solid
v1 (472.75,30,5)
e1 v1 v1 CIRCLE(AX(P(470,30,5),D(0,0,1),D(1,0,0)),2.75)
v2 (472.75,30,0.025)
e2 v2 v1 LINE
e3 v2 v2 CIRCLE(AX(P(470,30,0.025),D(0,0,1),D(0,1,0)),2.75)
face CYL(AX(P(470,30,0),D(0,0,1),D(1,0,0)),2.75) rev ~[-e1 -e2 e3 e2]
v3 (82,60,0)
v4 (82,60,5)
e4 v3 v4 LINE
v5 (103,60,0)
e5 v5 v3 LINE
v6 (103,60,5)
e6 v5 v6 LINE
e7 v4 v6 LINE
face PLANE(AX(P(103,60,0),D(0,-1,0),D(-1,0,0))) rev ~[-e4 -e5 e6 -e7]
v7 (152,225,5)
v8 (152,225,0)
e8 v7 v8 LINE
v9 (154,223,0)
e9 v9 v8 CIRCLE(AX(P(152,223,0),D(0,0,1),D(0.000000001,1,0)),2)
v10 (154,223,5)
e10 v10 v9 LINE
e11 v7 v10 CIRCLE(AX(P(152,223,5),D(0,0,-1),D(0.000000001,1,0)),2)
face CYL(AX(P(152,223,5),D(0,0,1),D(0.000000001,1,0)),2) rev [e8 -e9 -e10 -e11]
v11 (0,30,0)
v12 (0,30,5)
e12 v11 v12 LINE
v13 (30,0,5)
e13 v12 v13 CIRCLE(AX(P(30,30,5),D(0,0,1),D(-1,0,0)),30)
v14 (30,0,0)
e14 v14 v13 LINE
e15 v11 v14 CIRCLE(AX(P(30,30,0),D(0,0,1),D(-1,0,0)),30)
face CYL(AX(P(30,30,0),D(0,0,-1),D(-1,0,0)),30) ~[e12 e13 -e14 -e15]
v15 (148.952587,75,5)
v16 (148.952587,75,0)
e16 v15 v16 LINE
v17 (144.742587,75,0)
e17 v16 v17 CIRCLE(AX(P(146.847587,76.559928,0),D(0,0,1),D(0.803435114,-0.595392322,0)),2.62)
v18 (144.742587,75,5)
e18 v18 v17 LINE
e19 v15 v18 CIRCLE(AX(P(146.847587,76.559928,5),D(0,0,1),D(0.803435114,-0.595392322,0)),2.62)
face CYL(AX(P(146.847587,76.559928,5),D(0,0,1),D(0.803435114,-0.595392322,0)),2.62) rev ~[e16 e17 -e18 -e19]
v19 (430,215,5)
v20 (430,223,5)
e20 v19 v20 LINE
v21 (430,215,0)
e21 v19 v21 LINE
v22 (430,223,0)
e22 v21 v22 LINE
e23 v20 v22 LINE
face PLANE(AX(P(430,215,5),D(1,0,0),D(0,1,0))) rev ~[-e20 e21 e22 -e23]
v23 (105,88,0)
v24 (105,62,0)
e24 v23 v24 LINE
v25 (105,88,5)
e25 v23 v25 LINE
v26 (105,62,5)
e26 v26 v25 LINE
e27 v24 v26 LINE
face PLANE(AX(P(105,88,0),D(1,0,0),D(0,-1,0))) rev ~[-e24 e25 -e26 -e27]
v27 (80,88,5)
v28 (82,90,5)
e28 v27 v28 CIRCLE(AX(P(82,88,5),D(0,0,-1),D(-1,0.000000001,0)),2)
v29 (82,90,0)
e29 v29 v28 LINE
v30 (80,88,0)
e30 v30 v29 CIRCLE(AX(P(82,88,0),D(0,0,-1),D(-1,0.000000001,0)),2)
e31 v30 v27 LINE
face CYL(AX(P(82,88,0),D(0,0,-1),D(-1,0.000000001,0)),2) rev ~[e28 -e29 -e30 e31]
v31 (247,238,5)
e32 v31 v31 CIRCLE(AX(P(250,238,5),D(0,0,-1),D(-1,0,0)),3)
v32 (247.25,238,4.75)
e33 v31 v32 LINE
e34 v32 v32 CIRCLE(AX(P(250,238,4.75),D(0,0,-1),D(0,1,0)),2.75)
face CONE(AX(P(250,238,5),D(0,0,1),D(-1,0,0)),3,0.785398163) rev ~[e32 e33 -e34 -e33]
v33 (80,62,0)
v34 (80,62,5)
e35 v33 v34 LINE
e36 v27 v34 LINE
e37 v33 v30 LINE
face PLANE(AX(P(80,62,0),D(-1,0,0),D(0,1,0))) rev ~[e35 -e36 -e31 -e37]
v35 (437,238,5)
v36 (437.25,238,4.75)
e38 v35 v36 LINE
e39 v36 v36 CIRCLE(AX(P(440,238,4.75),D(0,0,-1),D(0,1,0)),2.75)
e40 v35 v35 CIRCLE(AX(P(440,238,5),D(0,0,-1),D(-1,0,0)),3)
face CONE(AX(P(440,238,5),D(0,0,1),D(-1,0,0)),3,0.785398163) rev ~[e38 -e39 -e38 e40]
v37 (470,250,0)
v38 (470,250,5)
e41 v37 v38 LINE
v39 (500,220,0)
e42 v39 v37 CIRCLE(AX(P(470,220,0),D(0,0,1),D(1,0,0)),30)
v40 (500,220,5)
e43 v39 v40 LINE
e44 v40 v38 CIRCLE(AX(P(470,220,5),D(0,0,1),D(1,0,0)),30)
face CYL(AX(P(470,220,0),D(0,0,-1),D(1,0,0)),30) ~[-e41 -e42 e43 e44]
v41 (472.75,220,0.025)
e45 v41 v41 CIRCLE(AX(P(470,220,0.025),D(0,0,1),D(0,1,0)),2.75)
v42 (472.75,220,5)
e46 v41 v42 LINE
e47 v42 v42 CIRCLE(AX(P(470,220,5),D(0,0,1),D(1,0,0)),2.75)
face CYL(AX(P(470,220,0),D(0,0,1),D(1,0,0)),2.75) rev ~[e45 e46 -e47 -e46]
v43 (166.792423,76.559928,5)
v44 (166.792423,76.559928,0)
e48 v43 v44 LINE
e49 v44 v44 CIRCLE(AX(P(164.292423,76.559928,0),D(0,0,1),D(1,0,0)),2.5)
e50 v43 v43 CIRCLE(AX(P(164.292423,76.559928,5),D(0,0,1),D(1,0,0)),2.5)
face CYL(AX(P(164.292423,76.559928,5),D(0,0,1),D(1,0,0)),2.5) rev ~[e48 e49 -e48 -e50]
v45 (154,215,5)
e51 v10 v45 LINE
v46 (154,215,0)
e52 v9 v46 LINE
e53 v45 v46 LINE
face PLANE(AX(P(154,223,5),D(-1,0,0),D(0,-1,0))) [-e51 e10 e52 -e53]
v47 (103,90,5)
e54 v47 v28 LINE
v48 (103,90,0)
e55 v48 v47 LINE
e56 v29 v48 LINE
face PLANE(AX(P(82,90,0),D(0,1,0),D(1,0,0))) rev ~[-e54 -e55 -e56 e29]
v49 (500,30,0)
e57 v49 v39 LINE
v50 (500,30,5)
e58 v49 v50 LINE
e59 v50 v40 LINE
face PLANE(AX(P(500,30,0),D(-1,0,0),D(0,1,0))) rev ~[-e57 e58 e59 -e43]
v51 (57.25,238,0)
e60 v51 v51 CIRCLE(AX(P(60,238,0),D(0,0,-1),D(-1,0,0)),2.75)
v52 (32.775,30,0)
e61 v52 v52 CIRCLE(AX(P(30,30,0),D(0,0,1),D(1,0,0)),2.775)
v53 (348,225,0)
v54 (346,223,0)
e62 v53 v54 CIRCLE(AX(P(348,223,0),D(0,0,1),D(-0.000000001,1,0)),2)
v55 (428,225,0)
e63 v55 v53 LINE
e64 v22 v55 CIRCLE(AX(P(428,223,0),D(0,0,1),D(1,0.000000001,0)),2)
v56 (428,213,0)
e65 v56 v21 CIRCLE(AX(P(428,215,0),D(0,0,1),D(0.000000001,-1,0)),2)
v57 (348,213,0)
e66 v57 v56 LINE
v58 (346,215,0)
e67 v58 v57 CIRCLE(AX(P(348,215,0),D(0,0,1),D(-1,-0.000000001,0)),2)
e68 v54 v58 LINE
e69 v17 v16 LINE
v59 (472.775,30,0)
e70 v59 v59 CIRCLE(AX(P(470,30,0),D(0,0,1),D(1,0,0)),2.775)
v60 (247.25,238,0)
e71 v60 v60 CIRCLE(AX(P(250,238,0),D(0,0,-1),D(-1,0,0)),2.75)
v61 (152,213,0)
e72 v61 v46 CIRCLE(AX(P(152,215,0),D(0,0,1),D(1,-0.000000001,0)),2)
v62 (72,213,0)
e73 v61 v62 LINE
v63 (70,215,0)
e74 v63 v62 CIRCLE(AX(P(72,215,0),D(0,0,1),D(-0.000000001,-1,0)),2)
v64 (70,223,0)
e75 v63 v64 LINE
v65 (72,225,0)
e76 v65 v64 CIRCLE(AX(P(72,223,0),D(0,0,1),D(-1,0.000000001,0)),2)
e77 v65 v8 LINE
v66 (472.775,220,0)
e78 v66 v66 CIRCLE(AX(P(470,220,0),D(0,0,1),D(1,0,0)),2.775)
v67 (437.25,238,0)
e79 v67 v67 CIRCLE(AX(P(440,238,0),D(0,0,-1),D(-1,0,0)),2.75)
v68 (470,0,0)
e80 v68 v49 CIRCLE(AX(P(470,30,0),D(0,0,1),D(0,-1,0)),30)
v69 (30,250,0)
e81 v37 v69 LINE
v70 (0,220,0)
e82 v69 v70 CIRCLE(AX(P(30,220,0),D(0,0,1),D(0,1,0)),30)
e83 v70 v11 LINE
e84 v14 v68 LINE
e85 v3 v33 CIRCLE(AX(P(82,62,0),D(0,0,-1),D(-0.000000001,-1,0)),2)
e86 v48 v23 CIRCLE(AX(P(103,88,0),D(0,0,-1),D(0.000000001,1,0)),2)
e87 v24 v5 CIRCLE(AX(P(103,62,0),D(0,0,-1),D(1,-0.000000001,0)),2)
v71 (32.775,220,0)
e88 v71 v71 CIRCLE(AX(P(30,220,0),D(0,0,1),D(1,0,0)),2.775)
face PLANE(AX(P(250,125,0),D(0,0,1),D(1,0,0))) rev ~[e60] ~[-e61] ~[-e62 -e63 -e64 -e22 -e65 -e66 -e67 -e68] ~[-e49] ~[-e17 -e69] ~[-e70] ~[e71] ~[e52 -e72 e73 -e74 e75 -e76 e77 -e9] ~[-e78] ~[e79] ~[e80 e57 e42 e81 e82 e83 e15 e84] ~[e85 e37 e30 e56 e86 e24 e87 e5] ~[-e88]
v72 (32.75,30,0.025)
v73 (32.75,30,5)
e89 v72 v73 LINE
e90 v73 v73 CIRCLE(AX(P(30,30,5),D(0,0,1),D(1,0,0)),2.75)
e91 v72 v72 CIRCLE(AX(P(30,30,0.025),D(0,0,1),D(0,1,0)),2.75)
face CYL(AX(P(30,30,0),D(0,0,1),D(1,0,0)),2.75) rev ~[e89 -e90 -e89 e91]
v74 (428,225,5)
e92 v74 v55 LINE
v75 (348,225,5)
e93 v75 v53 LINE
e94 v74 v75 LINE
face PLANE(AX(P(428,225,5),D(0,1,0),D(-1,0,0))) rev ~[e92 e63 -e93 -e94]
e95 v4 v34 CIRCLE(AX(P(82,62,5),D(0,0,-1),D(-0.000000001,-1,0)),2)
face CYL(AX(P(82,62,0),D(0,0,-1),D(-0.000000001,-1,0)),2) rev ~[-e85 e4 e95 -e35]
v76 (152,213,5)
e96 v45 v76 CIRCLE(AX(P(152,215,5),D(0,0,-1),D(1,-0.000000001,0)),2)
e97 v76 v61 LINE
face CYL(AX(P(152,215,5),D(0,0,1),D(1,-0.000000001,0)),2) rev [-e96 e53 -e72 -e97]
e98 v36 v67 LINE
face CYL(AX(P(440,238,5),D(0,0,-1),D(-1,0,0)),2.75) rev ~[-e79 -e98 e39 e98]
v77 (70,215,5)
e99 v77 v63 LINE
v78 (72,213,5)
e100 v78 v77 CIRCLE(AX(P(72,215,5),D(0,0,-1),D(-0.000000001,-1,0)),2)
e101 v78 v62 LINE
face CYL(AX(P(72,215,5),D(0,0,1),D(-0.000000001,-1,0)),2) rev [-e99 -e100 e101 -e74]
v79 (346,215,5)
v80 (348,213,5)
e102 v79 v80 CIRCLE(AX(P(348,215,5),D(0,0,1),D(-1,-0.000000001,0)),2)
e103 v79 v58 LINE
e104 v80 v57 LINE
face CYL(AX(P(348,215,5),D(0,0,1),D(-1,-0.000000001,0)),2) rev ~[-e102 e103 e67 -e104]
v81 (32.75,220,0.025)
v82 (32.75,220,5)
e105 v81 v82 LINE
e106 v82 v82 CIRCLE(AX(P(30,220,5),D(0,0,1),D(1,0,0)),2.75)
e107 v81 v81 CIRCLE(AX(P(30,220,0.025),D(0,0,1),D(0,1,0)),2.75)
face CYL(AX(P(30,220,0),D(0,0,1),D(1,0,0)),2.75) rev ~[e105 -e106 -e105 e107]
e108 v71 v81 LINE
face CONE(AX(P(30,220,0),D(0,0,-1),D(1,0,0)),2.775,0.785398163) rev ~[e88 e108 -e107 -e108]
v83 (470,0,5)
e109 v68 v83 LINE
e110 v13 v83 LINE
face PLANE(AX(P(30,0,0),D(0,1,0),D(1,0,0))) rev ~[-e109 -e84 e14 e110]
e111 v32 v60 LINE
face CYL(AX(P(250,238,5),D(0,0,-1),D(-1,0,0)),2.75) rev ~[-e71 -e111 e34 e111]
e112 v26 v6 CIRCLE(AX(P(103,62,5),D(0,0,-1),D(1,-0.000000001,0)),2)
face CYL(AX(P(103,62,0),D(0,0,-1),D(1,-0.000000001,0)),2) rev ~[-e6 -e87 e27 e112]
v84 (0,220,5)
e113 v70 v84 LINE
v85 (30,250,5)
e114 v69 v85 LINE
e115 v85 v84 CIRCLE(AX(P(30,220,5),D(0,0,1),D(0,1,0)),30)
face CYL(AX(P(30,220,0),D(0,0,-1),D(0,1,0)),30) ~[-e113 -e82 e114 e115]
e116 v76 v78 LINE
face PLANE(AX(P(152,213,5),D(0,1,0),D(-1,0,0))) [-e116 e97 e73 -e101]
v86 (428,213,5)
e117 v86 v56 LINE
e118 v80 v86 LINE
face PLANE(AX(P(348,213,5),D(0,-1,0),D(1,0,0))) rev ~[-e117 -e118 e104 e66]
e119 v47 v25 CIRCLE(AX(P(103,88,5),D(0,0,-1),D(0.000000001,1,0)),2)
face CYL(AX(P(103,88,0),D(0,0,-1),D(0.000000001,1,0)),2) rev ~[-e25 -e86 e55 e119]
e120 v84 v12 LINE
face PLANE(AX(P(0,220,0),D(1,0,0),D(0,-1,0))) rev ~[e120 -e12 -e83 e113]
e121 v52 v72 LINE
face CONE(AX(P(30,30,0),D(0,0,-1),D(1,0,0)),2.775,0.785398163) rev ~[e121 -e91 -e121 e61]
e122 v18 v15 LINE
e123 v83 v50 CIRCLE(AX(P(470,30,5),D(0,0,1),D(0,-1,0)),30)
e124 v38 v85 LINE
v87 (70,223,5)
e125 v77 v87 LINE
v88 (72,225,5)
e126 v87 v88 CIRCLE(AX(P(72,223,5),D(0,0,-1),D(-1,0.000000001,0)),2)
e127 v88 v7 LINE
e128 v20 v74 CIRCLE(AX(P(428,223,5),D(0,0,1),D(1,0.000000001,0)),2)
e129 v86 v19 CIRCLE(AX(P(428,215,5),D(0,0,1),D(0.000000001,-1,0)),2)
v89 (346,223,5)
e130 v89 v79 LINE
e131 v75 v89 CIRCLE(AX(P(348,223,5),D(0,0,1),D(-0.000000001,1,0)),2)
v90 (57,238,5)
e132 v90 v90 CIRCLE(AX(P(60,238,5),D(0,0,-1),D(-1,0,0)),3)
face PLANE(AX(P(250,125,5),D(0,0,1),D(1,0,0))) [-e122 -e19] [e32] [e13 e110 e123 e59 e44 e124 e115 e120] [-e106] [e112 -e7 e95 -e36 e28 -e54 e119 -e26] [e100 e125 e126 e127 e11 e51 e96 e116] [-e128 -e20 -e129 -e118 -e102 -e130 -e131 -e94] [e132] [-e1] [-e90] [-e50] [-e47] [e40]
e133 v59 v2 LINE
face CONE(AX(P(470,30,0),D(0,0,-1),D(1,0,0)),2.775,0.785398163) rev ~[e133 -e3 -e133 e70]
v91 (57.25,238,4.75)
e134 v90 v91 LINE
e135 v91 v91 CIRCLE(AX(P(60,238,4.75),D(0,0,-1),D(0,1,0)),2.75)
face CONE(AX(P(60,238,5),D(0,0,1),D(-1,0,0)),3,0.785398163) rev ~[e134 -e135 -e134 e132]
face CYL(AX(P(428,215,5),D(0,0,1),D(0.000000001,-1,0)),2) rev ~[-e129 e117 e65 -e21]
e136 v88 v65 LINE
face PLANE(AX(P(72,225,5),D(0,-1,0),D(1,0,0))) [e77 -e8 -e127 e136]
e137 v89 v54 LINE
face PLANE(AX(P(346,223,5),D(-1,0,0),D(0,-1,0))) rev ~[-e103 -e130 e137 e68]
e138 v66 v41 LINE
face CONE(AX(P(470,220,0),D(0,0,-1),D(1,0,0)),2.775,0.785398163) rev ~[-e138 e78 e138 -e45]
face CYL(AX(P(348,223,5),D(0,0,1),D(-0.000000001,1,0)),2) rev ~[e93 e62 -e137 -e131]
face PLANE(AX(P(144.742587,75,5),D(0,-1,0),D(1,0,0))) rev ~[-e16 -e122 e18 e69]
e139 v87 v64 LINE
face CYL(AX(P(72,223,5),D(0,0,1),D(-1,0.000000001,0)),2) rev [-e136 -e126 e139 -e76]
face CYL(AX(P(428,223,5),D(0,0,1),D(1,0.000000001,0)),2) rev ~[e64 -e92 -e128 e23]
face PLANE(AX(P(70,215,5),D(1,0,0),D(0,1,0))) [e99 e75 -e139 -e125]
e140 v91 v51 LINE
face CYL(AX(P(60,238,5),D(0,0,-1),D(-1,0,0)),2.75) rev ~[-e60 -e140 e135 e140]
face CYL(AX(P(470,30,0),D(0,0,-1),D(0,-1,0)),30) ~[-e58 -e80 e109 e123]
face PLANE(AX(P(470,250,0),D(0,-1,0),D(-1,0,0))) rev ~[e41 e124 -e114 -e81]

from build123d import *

# Parameters (mm, degrees)
BOSS_EXTRU_1_DEPTH         = 5
D_GAGEMENT_M51_D           = 5.5
D_GAGEMENT_M51_CSINK_D     = 5.55
D_GAGEMENT_M51_CSINK_ANGLE = 90
ENL_V_MAT_EXTRU_1_DEPTH    = 560.039354608
D_GAGEMENT_M52_D           = 5.5
D_GAGEMENT_M52_CSINK_D     = 6
D_GAGEMENT_M52_CSINK_ANGLE = 90
ENL_V_MAT_EXTRU_2_DEPTH    = 560.039354608
ENL_V_MAT_EXTRU_3_DEPTH    = 560.039354608
ESQUISSE15_R               = 2.5
ENL_V_MAT_EXTRU_4_DEPTH    = 560.039354608


with BuildPart() as part:
    # Esquisse1 → Boss.-Extru.1 (new body)
    with BuildSketch(Plane.XY):
        with BuildLine():
            Line((30, 0), (470, 0))
            ThreePointArc((470, 0), (491.213203436, 8.786796564), (500, 30))
            Line((500, 30), (500, 220))
            ThreePointArc((500, 220), (491.213203436, 241.213203436), (470, 250))
            Line((470, 250), (30, 250))
            ThreePointArc((30, 250), (8.786796564, 241.213203436), (0, 220))
            Line((0, 220), (0, 30))
            ThreePointArc((0, 30), (8.786796564, 8.786796564), (30, 0))
        make_face()
    extrude(amount=BOSS_EXTRU_1_DEPTH)

    # Dégagement M51 (through all)
    with Locations(Plane(origin=(0, 0, 0), x_dir=(-1, 0, 0), z_dir=(0, 0, -1))):
        with Locations((-470, 220), (-470, 30), (-30, 30), (-30, 220)):
            CounterSinkHole(D_GAGEMENT_M51_D / 2, D_GAGEMENT_M51_CSINK_D / 2, counter_sink_angle=D_GAGEMENT_M51_CSINK_ANGLE)

    # Esquisse8 → Enlèv. mat.-Extru.1 (cut, through all)
    with BuildSketch(Plane.XY.offset(5)):
        with BuildLine():
            Line((72, 225), (152, 225))
            ThreePointArc((152, 225), (153.414213562, 224.414213562), (154, 223))
            Line((154, 223), (154, 215))
            ThreePointArc((154, 215), (153.414213562, 213.585786438), (152, 213))
            Line((152, 213), (72, 213))
            ThreePointArc((72, 213), (70.585786438, 213.585786438), (70, 215))
            Line((70, 215), (70, 223))
            ThreePointArc((70, 223), (70.585786438, 224.414213562), (72, 225))
        make_face()
        with BuildLine():
            Line((346, 223), (346, 215))
            ThreePointArc((346, 215), (346.585786438, 213.585786438), (348, 213))
            Line((348, 213), (428, 213))
            ThreePointArc((428, 213), (429.414213562, 213.585786438), (430, 215))
            Line((430, 215), (430, 223))
            ThreePointArc((430, 223), (429.414213562, 224.414213562), (428, 225))
            Line((428, 225), (348, 225))
            ThreePointArc((348, 225), (346.585786438, 224.414213562), (346, 223))
        make_face()
    extrude(amount=-ENL_V_MAT_EXTRU_1_DEPTH, mode=Mode.SUBTRACT)

    # Dégagement M52 (through all)
    with Locations(Plane.XY.offset(5)):
        with Locations((60, 238), (440, 238), (250, 238)):
            CounterSinkHole(D_GAGEMENT_M52_D / 2, D_GAGEMENT_M52_CSINK_D / 2, counter_sink_angle=D_GAGEMENT_M52_CSINK_ANGLE)

    # Esquisse13 → Enlèv. mat.-Extru.2 (cut, through all)
    with BuildSketch(Plane(origin=(0, 0, 0), x_dir=(-1, 0, 0), z_dir=(0, 0, -1))):
        with BuildLine():
            Line((-105, 88), (-105, 62))
            ThreePointArc((-105, 62), (-104.414213562, 60.585786438), (-103, 60))
            Line((-103, 60), (-82, 60))
            ThreePointArc((-82, 60), (-80.585786438, 60.585786438), (-80, 62))
            Line((-80, 62), (-80, 88))
            ThreePointArc((-80, 88), (-80.585786438, 89.414213562), (-82, 90))
            Line((-82, 90), (-103, 90))
            ThreePointArc((-103, 90), (-104.414213562, 89.414213562), (-105, 88))
        make_face()
    extrude(amount=-ENL_V_MAT_EXTRU_2_DEPTH, mode=Mode.SUBTRACT)

    # Esquisse14 → Enlèv. mat.-Extru.3 (cut, through all)
    with BuildSketch(Plane.XY.offset(5)):
        with BuildLine():
            Line((144.742586668, 75), (148.952586668, 75))
            ThreePointArc((148.952586668, 75), (146.847586668, 79.179927883), (144.742586668, 75))
        make_face()
    extrude(amount=-ENL_V_MAT_EXTRU_3_DEPTH, mode=Mode.SUBTRACT)

    # Esquisse15 → Enlèv. mat.-Extru.4 (cut, through all)
    with BuildSketch(Plane.XY.offset(5)):
        with Locations((164.292422871, 76.559927883)):
            Circle(ESQUISSE15_R)
    extrude(amount=-ENL_V_MAT_EXTRU_4_DEPTH, mode=Mode.SUBTRACT)


solid = part.part
